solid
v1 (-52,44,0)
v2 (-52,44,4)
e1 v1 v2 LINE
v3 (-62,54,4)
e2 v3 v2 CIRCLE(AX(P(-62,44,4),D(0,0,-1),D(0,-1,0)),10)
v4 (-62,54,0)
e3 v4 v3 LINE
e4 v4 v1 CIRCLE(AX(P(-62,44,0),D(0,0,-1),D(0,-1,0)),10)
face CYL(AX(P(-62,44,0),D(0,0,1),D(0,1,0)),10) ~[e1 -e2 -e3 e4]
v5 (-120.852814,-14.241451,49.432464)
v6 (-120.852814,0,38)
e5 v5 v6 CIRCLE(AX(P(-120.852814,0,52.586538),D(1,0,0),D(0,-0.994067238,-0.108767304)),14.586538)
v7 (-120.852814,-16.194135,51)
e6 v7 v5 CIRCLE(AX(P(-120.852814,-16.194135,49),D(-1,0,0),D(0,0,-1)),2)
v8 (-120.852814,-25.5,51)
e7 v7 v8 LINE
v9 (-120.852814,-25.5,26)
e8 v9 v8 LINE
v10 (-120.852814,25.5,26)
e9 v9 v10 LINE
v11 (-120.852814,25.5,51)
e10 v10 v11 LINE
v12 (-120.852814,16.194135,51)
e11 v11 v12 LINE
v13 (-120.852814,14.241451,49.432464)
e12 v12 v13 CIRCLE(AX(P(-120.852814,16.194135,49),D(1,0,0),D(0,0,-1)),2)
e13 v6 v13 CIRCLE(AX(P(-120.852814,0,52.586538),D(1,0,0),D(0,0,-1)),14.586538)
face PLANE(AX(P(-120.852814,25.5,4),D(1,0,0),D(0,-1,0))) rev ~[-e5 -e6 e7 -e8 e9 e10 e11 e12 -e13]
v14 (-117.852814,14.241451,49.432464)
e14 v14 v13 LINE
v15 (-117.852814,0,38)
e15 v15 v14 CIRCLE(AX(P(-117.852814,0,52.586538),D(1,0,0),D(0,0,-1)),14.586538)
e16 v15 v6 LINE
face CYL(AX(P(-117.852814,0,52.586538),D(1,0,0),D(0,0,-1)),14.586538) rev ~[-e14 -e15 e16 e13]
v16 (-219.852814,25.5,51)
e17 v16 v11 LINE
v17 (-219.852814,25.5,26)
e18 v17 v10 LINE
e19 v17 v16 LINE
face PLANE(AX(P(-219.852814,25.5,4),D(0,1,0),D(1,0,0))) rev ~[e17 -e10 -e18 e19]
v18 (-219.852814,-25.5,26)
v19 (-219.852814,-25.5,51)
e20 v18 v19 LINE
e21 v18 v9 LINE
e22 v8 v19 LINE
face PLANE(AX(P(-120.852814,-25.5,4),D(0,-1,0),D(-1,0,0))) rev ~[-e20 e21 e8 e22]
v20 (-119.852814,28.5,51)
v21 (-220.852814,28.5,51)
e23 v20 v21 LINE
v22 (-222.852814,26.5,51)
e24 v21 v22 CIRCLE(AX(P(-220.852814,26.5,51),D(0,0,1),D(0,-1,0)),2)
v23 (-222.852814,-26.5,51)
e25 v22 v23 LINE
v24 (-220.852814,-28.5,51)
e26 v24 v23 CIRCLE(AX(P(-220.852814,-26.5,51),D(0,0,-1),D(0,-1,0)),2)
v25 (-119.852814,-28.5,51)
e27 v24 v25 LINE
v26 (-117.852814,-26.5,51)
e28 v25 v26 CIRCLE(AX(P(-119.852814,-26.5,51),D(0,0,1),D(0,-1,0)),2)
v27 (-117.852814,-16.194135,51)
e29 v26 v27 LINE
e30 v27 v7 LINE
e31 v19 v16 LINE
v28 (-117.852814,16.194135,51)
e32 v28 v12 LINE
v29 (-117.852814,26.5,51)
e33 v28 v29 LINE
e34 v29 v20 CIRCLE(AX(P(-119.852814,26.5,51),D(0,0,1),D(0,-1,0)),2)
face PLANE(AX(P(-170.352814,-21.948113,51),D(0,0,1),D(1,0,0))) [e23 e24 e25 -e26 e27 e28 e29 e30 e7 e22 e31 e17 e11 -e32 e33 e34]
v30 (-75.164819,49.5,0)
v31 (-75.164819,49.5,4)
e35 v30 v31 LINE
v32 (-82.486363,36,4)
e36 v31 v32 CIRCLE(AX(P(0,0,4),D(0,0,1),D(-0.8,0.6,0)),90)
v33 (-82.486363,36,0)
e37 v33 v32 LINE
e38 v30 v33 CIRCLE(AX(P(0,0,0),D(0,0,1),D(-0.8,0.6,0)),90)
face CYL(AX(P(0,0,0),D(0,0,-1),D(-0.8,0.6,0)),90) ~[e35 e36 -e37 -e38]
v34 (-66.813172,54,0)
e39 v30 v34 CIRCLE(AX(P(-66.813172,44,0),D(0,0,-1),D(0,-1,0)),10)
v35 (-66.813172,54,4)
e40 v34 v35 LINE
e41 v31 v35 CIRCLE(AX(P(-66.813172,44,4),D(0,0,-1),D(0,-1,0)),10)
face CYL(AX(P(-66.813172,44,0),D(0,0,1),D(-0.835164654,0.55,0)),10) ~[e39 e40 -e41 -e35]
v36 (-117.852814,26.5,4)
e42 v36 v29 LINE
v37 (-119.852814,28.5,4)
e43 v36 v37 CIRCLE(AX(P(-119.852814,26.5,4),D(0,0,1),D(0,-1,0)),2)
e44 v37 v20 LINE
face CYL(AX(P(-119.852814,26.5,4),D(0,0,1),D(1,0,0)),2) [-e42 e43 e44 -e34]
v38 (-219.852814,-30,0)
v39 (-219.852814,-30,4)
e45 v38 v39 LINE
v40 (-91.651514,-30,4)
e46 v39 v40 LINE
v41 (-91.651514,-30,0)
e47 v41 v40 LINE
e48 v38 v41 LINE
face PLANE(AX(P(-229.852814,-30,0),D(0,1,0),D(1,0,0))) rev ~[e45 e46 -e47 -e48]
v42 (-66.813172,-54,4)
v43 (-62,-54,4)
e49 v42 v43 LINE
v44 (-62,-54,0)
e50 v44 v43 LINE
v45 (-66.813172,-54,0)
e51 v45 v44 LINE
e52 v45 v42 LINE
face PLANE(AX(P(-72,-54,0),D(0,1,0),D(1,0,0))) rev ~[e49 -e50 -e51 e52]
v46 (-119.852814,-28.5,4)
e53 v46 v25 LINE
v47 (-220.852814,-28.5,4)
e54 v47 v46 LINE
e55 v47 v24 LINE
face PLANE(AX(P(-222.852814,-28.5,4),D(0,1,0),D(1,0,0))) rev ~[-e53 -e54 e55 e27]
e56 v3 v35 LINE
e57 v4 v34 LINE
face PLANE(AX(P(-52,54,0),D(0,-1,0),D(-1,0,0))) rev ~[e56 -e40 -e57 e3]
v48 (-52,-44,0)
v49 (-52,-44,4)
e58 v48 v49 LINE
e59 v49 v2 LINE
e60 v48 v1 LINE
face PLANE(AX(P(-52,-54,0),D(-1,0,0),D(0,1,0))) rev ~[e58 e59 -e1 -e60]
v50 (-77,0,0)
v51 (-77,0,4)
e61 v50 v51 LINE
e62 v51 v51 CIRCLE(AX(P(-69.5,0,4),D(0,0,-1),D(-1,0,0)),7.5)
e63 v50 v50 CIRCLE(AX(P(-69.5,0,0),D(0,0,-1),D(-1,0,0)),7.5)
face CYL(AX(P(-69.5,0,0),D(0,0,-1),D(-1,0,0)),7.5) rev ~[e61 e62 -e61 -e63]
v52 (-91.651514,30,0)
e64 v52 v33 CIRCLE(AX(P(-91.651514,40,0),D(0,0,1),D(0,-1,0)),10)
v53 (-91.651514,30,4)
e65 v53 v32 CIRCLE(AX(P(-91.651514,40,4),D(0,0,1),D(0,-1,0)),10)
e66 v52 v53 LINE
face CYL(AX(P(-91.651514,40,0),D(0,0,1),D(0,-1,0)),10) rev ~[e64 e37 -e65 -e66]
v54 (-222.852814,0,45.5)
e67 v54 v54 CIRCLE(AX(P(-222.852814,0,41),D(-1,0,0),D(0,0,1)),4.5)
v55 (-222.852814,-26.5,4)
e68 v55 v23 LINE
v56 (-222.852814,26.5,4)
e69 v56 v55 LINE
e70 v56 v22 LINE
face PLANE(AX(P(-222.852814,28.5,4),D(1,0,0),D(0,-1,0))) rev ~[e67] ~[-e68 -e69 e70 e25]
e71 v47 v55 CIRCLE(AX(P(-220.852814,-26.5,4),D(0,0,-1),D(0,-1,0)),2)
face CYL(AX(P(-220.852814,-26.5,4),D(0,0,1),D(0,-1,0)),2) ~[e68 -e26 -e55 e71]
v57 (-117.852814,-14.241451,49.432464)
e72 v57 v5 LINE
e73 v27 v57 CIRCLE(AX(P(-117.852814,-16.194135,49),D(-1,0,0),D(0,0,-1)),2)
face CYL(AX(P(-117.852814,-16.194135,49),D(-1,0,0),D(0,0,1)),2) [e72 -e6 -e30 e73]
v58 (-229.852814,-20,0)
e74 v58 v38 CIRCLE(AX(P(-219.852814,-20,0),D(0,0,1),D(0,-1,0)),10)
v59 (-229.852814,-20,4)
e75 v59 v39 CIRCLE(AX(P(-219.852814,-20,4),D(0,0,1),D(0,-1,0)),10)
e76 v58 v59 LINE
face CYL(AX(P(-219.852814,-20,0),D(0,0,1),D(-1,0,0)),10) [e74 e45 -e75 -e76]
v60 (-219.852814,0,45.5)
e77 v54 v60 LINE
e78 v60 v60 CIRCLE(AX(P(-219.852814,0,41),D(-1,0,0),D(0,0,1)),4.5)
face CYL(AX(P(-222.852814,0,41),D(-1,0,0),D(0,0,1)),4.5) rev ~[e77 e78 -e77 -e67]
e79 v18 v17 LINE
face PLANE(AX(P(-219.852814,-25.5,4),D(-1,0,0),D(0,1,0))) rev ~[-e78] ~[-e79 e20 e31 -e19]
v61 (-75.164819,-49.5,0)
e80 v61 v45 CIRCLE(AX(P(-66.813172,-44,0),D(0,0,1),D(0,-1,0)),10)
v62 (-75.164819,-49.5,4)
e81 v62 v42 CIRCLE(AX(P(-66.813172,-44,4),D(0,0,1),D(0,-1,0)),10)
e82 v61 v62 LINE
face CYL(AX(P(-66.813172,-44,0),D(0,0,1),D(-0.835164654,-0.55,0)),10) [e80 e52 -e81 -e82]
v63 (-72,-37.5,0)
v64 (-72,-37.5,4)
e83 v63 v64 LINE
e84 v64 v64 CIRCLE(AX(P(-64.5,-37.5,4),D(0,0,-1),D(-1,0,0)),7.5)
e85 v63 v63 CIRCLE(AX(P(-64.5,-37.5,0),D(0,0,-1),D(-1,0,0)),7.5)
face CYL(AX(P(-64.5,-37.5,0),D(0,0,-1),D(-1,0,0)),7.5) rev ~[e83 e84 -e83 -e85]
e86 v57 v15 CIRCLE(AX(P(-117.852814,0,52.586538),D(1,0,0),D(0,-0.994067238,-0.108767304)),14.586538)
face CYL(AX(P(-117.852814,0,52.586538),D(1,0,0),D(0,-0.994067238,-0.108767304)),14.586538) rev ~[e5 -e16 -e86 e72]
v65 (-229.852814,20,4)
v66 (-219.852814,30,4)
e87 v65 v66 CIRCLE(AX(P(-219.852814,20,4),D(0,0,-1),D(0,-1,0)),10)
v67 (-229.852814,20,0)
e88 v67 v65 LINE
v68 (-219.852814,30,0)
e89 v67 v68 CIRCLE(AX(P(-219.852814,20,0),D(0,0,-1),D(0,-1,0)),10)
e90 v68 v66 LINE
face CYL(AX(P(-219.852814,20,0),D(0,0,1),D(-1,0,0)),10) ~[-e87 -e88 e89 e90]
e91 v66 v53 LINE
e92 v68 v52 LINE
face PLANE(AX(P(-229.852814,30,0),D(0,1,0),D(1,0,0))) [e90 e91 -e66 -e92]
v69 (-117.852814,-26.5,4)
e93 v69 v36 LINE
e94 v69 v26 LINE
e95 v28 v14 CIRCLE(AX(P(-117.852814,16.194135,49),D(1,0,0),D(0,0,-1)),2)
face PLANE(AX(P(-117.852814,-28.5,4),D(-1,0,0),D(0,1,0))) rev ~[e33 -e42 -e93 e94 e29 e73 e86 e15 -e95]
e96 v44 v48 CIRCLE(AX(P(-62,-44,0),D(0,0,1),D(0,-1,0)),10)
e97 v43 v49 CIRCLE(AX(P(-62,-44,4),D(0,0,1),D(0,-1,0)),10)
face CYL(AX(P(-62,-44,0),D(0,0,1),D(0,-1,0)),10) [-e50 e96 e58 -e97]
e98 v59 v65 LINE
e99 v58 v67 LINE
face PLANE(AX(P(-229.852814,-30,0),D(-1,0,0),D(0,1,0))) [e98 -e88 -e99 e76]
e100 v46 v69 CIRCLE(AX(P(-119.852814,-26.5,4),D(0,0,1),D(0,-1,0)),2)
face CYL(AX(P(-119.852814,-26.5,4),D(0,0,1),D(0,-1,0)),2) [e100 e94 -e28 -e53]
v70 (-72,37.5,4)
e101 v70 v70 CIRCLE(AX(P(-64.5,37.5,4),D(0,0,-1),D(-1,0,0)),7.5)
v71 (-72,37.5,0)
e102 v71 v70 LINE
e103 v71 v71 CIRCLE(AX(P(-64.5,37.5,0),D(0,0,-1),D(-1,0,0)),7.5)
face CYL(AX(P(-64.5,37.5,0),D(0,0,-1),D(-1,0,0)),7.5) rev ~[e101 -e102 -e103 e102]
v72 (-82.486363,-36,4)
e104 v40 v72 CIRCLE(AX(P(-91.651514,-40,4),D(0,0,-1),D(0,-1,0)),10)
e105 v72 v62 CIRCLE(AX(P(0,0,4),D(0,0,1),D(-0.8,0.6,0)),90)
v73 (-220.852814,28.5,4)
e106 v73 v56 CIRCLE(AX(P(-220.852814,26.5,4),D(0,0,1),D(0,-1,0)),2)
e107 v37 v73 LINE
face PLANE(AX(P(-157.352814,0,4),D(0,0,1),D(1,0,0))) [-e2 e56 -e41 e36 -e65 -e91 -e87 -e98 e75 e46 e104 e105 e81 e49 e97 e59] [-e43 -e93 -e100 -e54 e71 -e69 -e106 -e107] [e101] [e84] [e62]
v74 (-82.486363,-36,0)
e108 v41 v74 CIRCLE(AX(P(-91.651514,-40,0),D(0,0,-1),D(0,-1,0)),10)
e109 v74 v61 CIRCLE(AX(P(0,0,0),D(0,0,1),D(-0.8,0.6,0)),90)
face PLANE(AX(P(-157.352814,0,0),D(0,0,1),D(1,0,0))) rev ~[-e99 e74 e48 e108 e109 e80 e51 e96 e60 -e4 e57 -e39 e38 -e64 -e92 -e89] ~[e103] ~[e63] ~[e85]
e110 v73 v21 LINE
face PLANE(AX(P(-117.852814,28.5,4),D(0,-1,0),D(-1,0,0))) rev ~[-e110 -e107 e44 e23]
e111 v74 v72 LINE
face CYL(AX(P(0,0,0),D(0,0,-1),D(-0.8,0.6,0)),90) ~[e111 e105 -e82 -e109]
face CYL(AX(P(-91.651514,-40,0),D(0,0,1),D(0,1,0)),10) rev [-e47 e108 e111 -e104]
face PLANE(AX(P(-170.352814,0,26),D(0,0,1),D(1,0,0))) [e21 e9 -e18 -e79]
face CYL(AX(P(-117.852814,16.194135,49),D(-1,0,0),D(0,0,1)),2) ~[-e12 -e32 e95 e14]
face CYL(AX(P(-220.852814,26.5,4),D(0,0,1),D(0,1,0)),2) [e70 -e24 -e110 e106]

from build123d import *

# Parameters (mm, degrees)
RESSALTO_EXTRUS_O1_DEPTH = 4
ESBO_O2_R                = 7.5
CORTE_EXTRUS_O1_DEPTH    = 10
ESBO_O3_W                = 145
ESBO_O3_H                = 60
RESSALTO_EXTRUS_O3_DEPTH = 4
RESSALTO_EXTRUS_O4_DEPTH = 47
CORTE_EXTRUS_O3_DEPTH    = 10
ESBO_O6_R                = 4.5
CORTE_EXTRUS_O4_DEPTH    = 9
FILETE1_R                = 10
FILETE3_R                = 10
FILETE4_R                = 2
ESBO_O7_W                = 99
ESBO_O7_H                = 51
RESSALTO_EXTRUS_O5_DEPTH = 22


with BuildPart() as part:
    # Esboço1 → Ressalto-extrusão1 (new body)
    with BuildSketch(Plane.XY):
        with BuildLine():
            Line((-72, -54), (-52, -54))
            Line((-52, -54), (-52, 54))
            Line((-52, 54), (-72, 54))
            ThreePointArc((-72, 54), (-90, 0), (-72, -54))
        make_face()
    extrude(amount=RESSALTO_EXTRUS_O1_DEPTH)

    # Esboço2 → Corte-extrusão1 (cut)
    with BuildSketch(Plane(origin=(0, 0, 0), x_dir=(-1, 0, 0), z_dir=(0, 0, -1))):
        with Locations((69.5, 0)):
            Circle(ESBO_O2_R)
        with Locations((64.5, -37.5)):
            Circle(ESBO_O2_R)
        with Locations((64.5, 37.5)):
            Circle(ESBO_O2_R)
    extrude(amount=-CORTE_EXTRUS_O1_DEPTH, mode=Mode.SUBTRACT)

    # Esboço3 → Ressalto-extrusão3 (add)
    with BuildSketch(Plane.XY):
        with Locations((-157.352813742, 0)):
            Rectangle(ESBO_O3_W, ESBO_O3_H)
    extrude(amount=RESSALTO_EXTRUS_O3_DEPTH)

    # Esboço4 → Ressalto-extrusão4 (add)
    with BuildSketch(Plane.XY.offset(4)):
        Polygon((-219.852813742, 0), (-222.852813742, 0), (-222.852813742, -28.5), (-117.852813742, -28.5), (-117.852813742, 0), (-120.852813742, 0), (-120.852813742, -25.5), (-219.852813742, -25.5), align=None)
        Polygon((-222.852813742, 28.5), (-222.852813742, 0), (-219.852813742, 0), (-219.852813742, 25.5), (-120.852813742, 25.5), (-120.852813742, 0), (-117.852813742, 0), (-117.852813742, 28.5), align=None)
    extrude(amount=RESSALTO_EXTRUS_O4_DEPTH)

    # Esboço5 → Corte-extrusão3 (cut)
    with BuildSketch(Plane(origin=(-117.852813742, 0, 0), x_dir=(0, 0, -1), z_dir=(1, 0, 0))):
        with BuildLine():
            Line((-51, 14.5), (-51, -14.5))
            ThreePointArc((-51, -14.5), (-41.725847678, -9.737171047), (-38, 0))
            ThreePointArc((-38, 0), (-41.725847678, 9.737171047), (-51, 14.5))
        make_face()
    extrude(amount=-CORTE_EXTRUS_O3_DEPTH, mode=Mode.SUBTRACT)

    # Esboço6 → Corte-extrusão4 (cut)
    with BuildSketch(Plane.ZY.offset(222.852813742)):
        with Locations((41, 0)):
            Circle(ESBO_O6_R)
    extrude(amount=-CORTE_EXTRUS_O4_DEPTH, mode=Mode.SUBTRACT)

    # Filete1
    filete1_edges = [part.edges().sort_by_distance(p)[0] for p in [
        (-229.852813742, 30, 2),
        (-229.852813742, -30, 2),
    ]]
    fillet(filete1_edges, radius=FILETE1_R)

    # Filete3
    filete3_edges = [part.edges().sort_by_distance(p)[0] for p in [
        (-84.852813742, 30, 2),
        (-84.852813742, -30, 2),
        (-72, 54, 2),
        (-52, 54, 2),
        (-52, -54, 2),
        (-72, -54, 2),
    ]]
    fillet(filete3_edges, radius=FILETE3_R)

    # Filete4
    filete4_edges = [part.edges().sort_by_distance(p)[0] for p in [
        (-117.852813742, -28.5, 27.5),
        (-117.852813742, 28.5, 27.5),
        (-222.852813742, 28.5, 27.5),
        (-222.852813742, -28.5, 27.5),
        (-119.352813742, 14.5, 51),
        (-119.352813742, -14.5, 51),
    ]]
    fillet(filete4_edges, radius=FILETE4_R)

    # Esboço7 → Ressalto-extrusão5 (add)
    with BuildSketch(Plane.XY.offset(4)):
        with Locations((-170.352813742, 0)):
            Rectangle(ESBO_O7_W, ESBO_O7_H)
    extrude(amount=RESSALTO_EXTRUS_O5_DEPTH)


solid = part.part
